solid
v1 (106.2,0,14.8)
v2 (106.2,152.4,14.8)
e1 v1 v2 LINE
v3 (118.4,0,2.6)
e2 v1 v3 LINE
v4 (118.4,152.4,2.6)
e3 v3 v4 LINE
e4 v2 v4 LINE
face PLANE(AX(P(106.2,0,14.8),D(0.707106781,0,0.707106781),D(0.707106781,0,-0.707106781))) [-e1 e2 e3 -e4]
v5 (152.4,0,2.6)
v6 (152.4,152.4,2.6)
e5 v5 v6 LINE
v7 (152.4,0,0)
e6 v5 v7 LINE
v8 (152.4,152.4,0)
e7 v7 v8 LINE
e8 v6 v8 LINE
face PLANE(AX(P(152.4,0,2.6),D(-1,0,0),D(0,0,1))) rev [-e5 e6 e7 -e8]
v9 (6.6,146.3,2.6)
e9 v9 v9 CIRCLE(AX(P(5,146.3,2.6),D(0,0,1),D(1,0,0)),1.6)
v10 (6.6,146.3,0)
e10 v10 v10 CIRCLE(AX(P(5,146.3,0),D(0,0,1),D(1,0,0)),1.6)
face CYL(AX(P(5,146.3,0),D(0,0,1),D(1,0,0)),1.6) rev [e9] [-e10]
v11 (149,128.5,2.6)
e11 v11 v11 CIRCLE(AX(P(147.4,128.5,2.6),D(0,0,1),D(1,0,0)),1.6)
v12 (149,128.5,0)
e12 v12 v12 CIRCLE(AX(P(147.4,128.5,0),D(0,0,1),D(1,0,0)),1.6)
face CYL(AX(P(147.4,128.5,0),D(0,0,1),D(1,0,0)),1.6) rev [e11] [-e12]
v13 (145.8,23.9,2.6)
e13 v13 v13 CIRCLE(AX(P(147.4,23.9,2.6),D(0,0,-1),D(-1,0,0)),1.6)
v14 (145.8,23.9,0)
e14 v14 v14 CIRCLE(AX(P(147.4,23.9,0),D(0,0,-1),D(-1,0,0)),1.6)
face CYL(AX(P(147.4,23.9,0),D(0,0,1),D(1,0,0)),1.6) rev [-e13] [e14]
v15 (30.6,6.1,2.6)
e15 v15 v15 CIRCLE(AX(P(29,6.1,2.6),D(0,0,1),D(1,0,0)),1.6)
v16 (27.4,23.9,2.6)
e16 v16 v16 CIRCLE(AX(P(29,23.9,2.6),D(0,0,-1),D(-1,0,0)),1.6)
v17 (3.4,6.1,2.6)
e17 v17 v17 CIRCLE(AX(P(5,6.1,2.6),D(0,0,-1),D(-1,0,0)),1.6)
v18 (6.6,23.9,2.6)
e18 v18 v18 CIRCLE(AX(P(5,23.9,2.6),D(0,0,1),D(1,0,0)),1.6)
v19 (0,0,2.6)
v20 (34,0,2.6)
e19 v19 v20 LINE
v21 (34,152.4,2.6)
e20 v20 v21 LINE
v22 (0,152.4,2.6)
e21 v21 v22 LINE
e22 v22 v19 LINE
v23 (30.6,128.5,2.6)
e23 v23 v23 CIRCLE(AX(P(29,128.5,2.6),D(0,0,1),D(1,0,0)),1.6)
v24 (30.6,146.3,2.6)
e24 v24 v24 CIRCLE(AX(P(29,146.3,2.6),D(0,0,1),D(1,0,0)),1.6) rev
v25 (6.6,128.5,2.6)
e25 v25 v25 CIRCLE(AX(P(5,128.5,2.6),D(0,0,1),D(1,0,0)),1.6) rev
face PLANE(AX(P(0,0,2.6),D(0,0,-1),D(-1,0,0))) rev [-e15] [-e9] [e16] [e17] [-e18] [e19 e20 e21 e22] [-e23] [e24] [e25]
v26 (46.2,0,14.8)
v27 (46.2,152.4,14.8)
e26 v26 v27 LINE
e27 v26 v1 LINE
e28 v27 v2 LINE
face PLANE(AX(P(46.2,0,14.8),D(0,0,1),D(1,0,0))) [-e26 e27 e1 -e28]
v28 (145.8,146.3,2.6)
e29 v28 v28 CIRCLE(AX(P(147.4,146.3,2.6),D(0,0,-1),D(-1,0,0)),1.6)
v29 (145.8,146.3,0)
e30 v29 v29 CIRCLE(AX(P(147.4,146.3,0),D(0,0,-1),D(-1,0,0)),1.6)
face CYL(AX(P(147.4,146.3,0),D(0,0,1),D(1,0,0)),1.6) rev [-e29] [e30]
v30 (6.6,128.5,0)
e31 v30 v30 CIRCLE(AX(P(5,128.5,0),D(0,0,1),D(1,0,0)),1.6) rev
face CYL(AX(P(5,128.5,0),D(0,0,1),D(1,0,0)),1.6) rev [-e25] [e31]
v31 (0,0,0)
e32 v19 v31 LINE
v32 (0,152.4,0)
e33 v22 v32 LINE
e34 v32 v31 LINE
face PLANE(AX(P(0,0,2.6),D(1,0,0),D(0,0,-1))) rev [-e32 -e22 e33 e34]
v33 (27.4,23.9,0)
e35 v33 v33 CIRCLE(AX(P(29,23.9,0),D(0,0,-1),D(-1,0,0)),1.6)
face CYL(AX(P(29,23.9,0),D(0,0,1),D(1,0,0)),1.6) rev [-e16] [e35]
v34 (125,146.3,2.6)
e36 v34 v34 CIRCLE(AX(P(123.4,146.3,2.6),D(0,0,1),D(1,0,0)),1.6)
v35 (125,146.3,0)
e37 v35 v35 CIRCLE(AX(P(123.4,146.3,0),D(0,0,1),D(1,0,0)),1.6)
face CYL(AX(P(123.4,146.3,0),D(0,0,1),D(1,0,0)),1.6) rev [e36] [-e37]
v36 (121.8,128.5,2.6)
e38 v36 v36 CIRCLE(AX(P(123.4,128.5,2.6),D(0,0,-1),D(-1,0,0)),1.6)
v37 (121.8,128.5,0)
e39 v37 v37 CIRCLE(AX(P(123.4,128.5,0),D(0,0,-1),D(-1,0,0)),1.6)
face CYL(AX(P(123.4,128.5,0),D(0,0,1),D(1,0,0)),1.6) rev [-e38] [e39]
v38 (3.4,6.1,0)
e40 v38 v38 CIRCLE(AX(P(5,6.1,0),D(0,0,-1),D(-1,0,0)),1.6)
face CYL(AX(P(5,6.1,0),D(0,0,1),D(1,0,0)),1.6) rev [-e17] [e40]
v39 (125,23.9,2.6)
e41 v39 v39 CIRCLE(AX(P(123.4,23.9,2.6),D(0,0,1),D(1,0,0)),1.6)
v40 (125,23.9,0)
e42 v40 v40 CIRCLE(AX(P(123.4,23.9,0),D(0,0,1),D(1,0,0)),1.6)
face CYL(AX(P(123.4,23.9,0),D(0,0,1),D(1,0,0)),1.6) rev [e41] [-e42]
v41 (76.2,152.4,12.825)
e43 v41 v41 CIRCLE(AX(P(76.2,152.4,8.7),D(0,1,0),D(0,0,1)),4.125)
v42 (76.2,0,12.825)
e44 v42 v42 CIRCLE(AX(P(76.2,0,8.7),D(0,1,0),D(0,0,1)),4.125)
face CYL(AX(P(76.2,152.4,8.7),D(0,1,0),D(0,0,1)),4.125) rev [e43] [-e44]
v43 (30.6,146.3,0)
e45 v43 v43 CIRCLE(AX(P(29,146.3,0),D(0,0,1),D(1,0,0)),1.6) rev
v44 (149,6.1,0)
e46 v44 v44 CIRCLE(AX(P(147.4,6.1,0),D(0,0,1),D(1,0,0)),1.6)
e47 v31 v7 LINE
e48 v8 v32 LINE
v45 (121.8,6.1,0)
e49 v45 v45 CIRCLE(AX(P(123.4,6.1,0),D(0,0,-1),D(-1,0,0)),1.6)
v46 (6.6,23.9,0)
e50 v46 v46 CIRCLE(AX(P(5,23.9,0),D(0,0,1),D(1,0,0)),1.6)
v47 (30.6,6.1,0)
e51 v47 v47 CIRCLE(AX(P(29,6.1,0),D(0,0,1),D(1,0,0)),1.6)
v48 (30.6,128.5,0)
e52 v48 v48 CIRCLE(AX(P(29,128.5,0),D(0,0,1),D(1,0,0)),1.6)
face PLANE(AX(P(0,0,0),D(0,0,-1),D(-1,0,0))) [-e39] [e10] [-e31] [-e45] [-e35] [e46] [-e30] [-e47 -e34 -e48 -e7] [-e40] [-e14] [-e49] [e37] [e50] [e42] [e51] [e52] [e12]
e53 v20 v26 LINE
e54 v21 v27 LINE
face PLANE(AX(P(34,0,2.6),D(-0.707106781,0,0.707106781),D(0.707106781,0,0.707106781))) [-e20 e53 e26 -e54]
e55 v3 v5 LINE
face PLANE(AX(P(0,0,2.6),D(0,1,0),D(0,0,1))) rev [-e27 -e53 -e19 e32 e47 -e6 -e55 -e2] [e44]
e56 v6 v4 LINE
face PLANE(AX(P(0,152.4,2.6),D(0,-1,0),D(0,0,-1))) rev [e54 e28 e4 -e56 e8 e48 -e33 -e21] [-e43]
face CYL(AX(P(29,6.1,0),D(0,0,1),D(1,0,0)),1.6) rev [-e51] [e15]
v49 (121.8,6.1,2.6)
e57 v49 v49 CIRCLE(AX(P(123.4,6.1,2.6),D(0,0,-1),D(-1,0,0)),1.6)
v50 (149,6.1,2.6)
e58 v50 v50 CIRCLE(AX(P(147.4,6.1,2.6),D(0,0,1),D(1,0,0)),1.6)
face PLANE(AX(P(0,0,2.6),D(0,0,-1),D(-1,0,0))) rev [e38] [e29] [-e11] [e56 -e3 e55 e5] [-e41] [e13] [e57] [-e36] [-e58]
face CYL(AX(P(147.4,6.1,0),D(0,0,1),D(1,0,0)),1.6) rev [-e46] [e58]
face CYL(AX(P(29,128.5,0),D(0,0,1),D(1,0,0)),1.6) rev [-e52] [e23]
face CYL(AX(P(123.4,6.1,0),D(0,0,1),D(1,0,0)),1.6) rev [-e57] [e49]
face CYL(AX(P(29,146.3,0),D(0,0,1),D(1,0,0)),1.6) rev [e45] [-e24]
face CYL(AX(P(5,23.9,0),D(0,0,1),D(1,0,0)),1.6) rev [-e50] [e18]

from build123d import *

# Parameters (mm, degrees)
SKETCH1_W                    = 152.4
SKETCH1_H                    = 152.4
BOSS_EXTRUDE1_DEPTH          = 2.6
BOSS_EXTRUDE4_DEPTH          = 152.4
TAP_DRILL_FOR_M8_HELICOIL2_D = 8.25
SKETCH2_R                    = 1.6
CUT_EXTRUDE1_DEPTH           = 3.6


with BuildPart() as part:
    # Sketch1 → Boss-Extrude1 (new body)
    with BuildSketch(Plane.XY):
        with Locations((76.2, 76.2)):
            Rectangle(SKETCH1_W, SKETCH1_H)
    extrude(amount=BOSS_EXTRUDE1_DEPTH)

    # Sketch8 → Boss-Extrude4 (add, through all)
    with BuildSketch(Plane(origin=(0, 152.4, 0), x_dir=(1, 0, 0), z_dir=(0, 1, 0))):
        Polygon((34, -2.6), (46.2, -14.8), (106.2, -14.8), (118.4, -2.6), align=None)
    extrude(amount=-BOSS_EXTRUDE4_DEPTH)

    # Tap Drill for M8 Helicoil2 (through all)
    with Locations(Plane(origin=(0, 152.4, 0), x_dir=(1, 0, 0), z_dir=(0, 1, 0))):
        with Locations((76.2, -8.7)):
            Hole(TAP_DRILL_FOR_M8_HELICOIL2_D / 2)

    # Sketch2 → Cut-Extrude1 (cut, through all)
    with BuildSketch(Plane.XY.offset(2.6)):
        with Locations((5, 128.5)):
            Circle(SKETCH2_R)
        with Locations((29, 146.3)):
            Circle(SKETCH2_R)
        with Locations((5, 146.3)):
            Circle(SKETCH2_R)
        with Locations((29, 128.5)):
            Circle(SKETCH2_R)
        with Locations((123.4, 146.3)):
            Circle(SKETCH2_R)
        with Locations((147.4, 146.3)):
            Circle(SKETCH2_R)
        with Locations((147.4, 128.5)):
            Circle(SKETCH2_R)
        with Locations((123.4, 128.5)):
            Circle(SKETCH2_R)
        with Locations((123.4, 23.9)):
            Circle(SKETCH2_R)
        with Locations((147.4, 23.9)):
            Circle(SKETCH2_R)
        with Locations((147.4, 6.1)):
            Circle(SKETCH2_R)
        with Locations((123.4, 6.1)):
            Circle(SKETCH2_R)
        with Locations((5, 23.9)):
            Circle(SKETCH2_R)
        with Locations((29, 23.9)):
            Circle(SKETCH2_R)
        with Locations((29, 6.1)):
            Circle(SKETCH2_R)
        with Locations((5, 6.1)):
            Circle(SKETCH2_R)
    extrude(amount=-CUT_EXTRUDE1_DEPTH, mode=Mode.SUBTRACT)


solid = part.part
